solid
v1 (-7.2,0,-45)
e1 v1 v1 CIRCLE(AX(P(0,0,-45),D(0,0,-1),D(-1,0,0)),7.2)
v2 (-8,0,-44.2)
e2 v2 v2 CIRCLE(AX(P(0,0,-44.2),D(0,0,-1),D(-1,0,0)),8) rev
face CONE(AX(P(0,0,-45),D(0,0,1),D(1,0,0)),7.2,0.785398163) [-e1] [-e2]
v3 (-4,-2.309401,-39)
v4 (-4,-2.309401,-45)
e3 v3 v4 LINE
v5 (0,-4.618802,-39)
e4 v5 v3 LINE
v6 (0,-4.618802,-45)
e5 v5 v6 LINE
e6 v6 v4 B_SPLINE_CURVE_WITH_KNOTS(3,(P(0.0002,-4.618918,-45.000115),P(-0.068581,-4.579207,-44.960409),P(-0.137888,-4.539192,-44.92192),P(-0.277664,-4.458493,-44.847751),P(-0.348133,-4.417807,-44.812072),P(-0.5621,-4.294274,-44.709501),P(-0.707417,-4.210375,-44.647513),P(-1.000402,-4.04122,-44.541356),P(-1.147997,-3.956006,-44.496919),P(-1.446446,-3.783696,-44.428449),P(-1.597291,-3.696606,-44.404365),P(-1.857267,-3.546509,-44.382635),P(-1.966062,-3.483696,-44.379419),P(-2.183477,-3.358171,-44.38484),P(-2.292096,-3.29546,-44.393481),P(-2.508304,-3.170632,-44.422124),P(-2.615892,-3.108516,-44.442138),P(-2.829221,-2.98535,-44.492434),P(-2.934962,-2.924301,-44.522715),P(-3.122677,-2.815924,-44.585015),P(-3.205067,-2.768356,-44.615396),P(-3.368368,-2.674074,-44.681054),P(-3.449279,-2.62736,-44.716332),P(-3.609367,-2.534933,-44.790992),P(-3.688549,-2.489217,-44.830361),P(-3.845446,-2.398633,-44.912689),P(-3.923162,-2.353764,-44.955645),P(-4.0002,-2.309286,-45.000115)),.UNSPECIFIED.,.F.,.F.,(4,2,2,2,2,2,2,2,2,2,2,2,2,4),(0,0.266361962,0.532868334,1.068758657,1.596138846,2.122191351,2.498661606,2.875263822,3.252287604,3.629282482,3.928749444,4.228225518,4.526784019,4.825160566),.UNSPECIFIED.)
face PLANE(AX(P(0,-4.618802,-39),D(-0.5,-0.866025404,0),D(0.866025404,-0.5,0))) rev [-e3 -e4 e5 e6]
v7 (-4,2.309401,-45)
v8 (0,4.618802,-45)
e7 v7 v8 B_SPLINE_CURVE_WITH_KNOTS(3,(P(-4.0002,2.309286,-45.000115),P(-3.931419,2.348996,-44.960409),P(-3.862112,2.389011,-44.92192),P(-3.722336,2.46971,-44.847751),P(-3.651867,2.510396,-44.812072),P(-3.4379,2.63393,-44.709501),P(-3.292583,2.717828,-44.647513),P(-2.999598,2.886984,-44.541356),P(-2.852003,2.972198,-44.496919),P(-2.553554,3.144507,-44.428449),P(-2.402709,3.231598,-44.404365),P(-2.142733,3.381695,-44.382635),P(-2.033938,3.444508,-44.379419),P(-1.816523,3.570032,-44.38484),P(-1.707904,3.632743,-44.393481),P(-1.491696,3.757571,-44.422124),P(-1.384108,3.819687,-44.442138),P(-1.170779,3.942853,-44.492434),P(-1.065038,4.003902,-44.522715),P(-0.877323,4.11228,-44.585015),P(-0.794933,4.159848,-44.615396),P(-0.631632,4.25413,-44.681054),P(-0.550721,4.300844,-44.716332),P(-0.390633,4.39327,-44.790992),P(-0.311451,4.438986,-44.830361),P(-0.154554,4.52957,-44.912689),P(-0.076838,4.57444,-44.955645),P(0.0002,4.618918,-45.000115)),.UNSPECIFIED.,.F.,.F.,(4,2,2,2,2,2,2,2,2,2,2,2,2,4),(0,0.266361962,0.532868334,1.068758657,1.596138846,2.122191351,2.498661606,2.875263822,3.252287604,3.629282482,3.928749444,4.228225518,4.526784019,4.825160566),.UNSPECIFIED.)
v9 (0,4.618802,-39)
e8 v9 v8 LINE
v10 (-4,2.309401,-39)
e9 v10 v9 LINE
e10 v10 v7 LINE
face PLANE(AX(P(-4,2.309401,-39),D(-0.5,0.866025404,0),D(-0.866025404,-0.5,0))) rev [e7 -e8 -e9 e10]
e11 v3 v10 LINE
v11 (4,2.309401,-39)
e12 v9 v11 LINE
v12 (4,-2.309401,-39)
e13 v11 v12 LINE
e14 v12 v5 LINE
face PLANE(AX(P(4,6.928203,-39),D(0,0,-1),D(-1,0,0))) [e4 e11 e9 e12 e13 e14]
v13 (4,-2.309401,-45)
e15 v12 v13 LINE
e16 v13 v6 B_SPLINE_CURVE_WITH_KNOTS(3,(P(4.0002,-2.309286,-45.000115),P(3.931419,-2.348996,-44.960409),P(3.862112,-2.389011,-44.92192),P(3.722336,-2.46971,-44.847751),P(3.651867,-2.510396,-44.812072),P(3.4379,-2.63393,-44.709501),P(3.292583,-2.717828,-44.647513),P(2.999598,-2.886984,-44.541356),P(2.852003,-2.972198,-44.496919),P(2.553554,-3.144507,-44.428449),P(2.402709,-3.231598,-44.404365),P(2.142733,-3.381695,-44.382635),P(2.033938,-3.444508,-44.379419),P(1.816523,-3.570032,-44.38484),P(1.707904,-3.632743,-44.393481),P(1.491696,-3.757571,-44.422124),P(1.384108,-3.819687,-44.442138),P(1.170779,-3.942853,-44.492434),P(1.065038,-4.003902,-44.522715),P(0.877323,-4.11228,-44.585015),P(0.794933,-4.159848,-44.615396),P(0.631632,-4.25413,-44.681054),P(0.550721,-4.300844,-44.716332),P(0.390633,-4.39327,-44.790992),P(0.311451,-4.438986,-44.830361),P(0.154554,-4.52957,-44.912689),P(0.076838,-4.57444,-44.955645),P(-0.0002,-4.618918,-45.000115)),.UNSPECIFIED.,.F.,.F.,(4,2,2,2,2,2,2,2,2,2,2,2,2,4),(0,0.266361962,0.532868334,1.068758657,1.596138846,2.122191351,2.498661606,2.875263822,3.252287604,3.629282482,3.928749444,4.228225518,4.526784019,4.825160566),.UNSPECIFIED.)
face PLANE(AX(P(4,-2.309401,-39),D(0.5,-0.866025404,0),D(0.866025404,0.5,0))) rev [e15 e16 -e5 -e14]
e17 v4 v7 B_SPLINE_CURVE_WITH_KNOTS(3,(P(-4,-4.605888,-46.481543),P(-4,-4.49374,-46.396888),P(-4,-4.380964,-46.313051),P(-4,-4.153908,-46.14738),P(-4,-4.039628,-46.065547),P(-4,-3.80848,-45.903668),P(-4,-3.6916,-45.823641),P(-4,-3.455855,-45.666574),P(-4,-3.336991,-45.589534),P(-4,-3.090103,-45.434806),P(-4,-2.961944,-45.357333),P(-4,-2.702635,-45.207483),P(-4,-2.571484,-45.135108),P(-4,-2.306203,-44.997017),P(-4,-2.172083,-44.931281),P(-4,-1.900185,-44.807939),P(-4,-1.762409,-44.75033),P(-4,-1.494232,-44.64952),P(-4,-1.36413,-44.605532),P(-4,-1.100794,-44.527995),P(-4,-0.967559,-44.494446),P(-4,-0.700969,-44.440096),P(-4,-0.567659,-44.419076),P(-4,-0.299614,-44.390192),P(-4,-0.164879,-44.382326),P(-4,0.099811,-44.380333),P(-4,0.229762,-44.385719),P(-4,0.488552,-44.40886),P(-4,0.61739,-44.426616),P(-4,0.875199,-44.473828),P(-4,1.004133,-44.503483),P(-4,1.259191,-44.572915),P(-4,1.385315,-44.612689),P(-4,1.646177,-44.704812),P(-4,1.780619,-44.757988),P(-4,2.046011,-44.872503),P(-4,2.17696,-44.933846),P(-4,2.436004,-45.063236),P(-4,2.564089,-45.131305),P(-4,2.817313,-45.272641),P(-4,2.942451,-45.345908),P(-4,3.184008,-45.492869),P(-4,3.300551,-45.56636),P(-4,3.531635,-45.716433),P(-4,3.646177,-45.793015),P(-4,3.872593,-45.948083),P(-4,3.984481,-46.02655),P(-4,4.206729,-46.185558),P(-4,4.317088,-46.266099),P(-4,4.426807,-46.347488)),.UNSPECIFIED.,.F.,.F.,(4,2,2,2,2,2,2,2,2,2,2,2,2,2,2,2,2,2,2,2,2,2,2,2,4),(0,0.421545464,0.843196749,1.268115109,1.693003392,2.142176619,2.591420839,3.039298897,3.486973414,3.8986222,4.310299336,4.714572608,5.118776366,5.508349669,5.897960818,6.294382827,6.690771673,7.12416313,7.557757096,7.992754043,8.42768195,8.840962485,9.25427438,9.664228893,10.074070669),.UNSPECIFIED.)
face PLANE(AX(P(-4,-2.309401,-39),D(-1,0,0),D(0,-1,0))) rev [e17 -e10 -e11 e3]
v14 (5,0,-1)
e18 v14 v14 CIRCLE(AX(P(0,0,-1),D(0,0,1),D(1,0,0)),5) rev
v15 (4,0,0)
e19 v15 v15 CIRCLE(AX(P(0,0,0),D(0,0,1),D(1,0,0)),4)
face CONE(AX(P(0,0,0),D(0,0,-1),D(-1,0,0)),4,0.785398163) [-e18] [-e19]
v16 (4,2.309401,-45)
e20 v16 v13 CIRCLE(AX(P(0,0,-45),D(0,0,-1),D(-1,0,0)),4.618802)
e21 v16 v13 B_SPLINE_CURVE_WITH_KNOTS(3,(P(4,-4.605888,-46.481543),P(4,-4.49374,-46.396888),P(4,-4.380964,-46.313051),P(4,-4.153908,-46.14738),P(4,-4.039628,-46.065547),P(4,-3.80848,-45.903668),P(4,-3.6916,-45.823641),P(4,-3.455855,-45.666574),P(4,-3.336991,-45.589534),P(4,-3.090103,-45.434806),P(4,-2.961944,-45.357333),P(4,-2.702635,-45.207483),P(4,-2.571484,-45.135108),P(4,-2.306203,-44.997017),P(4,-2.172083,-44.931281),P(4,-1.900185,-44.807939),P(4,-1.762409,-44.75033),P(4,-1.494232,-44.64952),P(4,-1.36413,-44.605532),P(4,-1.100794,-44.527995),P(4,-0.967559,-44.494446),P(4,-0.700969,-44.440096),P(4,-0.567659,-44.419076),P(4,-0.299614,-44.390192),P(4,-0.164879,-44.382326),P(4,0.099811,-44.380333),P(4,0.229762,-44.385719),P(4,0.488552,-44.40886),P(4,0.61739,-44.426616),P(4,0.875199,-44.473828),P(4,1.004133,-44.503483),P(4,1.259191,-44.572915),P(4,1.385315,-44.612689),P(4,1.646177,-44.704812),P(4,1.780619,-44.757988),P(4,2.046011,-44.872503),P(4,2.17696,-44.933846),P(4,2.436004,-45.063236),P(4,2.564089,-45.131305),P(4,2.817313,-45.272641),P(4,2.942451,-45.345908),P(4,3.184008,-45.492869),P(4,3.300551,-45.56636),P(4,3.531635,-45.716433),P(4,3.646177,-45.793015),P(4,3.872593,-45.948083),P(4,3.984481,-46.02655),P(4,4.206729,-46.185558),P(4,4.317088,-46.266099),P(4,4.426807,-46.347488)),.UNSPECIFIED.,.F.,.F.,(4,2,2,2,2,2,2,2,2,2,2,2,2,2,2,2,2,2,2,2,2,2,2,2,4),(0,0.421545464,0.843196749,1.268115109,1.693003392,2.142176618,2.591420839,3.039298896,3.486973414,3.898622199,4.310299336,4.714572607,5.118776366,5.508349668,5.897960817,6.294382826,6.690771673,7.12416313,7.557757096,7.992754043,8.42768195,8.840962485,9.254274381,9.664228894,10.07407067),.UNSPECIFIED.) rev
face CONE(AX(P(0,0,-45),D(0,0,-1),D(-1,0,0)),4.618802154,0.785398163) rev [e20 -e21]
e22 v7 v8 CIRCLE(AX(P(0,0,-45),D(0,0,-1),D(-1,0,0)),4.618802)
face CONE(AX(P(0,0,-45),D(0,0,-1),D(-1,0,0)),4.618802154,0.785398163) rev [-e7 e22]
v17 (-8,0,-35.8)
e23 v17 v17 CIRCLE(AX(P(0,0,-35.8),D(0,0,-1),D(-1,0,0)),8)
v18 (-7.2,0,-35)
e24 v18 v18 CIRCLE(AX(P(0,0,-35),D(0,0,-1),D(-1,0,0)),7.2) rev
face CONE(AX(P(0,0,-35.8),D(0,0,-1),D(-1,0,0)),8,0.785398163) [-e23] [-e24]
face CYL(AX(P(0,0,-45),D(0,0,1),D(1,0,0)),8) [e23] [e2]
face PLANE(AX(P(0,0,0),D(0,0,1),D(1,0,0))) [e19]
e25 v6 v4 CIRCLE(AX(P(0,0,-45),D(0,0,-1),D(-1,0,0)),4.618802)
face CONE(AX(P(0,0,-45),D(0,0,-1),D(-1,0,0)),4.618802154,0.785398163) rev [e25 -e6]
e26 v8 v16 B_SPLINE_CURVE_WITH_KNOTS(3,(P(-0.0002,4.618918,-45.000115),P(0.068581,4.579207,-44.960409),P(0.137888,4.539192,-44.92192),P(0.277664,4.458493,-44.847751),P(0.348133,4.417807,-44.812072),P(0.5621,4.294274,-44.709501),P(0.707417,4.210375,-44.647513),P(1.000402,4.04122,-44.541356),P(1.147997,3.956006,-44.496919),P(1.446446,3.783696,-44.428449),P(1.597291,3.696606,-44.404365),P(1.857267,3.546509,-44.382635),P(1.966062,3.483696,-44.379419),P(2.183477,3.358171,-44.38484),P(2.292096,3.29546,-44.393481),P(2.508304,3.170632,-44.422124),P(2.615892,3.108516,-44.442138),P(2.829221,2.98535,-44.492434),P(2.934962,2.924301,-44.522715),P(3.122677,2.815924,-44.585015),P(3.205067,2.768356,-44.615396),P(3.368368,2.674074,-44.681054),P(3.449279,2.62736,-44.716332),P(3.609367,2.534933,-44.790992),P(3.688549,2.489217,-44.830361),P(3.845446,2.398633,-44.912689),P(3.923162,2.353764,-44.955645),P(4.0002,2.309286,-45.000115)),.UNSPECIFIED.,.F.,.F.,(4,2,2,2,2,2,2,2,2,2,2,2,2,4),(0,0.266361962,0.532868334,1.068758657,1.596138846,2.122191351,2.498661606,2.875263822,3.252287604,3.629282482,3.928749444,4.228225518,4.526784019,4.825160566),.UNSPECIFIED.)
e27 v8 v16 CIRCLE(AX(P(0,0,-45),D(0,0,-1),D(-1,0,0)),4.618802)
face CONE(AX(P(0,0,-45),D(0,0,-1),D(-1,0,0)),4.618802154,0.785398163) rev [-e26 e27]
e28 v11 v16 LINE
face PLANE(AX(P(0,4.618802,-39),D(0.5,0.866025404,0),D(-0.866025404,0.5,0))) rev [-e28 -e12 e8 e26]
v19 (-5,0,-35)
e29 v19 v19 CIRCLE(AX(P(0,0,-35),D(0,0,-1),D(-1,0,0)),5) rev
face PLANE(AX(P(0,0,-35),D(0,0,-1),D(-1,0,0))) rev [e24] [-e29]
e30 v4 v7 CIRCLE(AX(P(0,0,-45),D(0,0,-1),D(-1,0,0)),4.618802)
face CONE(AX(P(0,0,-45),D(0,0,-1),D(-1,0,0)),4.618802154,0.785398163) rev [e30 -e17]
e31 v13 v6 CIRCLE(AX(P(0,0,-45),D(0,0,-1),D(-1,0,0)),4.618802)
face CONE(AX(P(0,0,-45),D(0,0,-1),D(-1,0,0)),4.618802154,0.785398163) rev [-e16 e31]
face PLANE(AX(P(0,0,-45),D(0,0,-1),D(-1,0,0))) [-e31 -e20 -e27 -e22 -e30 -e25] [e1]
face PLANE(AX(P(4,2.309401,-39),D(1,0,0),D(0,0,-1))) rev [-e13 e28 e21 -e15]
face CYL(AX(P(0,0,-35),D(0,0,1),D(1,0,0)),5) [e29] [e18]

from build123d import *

# Parameters (mm, degrees)
SKETCH1_R          = 5
EXTRUDE1_DEPTH     = 35
SKETCH6_R          = 8
EXTRUDE2_DEPTH     = 10
CUT_EXTRUDE1_DEPTH = 6
CHAMFER1_SIZE      = 0.8
CHAMFER2_SIZE      = 1


with BuildPart() as part:
    # Sketch1 → Extrude1 (new body)
    with BuildSketch(Plane.XY):
        Circle(SKETCH1_R)
    extrude(amount=-EXTRUDE1_DEPTH)

    # Sketch6 → Extrude2 (add)
    with BuildSketch(Plane(origin=(0, 0, -35), x_dir=(-1, 0, 0), z_dir=(0, 0, -1))):
        Circle(SKETCH6_R)
    extrude(amount=EXTRUDE2_DEPTH)

    # Sketch7 → Cut-Extrude1 (cut)
    with BuildSketch(Plane(origin=(0, 0, -45), x_dir=(-1, 0, 0), z_dir=(0, 0, -1))):
        Polygon((0, 4.618802154), (-4, 2.309401077), (-4, -2.309401077), (0, -4.618802154), (4, -2.309401077), (4, 2.309401077), align=None)
    extrude(amount=-CUT_EXTRUDE1_DEPTH, mode=Mode.SUBTRACT)

    # Cut-Extrude2 cone 1 section (through the dimple's axis) → Cut-Extrude2 (revolve, cut)
    with BuildSketch(Plane(origin=(0, 0, -45), x_dir=(0, 1, 0), z_dir=(1, 0, 0))):
        Polygon((0, 0), (4.618802154, 0), (0, 4.618802154), align=None)
    revolve(axis=Axis((0, 0, -45), (0, 0, 1)), mode=Mode.SUBTRACT)

    # Chamfer1
    chamfer1_edges = [part.edges().sort_by_distance(p)[0] for p in [
        (8, 0, -35),
        (8, 0, -45),
    ]]
    chamfer(chamfer1_edges, length=CHAMFER1_SIZE)

    # Chamfer2
    chamfer2_edges = [part.edges().sort_by_distance(p)[0] for p in [
        (-5, 0, 0),
    ]]
    chamfer(chamfer2_edges, length=CHAMFER2_SIZE)


solid = part.part
